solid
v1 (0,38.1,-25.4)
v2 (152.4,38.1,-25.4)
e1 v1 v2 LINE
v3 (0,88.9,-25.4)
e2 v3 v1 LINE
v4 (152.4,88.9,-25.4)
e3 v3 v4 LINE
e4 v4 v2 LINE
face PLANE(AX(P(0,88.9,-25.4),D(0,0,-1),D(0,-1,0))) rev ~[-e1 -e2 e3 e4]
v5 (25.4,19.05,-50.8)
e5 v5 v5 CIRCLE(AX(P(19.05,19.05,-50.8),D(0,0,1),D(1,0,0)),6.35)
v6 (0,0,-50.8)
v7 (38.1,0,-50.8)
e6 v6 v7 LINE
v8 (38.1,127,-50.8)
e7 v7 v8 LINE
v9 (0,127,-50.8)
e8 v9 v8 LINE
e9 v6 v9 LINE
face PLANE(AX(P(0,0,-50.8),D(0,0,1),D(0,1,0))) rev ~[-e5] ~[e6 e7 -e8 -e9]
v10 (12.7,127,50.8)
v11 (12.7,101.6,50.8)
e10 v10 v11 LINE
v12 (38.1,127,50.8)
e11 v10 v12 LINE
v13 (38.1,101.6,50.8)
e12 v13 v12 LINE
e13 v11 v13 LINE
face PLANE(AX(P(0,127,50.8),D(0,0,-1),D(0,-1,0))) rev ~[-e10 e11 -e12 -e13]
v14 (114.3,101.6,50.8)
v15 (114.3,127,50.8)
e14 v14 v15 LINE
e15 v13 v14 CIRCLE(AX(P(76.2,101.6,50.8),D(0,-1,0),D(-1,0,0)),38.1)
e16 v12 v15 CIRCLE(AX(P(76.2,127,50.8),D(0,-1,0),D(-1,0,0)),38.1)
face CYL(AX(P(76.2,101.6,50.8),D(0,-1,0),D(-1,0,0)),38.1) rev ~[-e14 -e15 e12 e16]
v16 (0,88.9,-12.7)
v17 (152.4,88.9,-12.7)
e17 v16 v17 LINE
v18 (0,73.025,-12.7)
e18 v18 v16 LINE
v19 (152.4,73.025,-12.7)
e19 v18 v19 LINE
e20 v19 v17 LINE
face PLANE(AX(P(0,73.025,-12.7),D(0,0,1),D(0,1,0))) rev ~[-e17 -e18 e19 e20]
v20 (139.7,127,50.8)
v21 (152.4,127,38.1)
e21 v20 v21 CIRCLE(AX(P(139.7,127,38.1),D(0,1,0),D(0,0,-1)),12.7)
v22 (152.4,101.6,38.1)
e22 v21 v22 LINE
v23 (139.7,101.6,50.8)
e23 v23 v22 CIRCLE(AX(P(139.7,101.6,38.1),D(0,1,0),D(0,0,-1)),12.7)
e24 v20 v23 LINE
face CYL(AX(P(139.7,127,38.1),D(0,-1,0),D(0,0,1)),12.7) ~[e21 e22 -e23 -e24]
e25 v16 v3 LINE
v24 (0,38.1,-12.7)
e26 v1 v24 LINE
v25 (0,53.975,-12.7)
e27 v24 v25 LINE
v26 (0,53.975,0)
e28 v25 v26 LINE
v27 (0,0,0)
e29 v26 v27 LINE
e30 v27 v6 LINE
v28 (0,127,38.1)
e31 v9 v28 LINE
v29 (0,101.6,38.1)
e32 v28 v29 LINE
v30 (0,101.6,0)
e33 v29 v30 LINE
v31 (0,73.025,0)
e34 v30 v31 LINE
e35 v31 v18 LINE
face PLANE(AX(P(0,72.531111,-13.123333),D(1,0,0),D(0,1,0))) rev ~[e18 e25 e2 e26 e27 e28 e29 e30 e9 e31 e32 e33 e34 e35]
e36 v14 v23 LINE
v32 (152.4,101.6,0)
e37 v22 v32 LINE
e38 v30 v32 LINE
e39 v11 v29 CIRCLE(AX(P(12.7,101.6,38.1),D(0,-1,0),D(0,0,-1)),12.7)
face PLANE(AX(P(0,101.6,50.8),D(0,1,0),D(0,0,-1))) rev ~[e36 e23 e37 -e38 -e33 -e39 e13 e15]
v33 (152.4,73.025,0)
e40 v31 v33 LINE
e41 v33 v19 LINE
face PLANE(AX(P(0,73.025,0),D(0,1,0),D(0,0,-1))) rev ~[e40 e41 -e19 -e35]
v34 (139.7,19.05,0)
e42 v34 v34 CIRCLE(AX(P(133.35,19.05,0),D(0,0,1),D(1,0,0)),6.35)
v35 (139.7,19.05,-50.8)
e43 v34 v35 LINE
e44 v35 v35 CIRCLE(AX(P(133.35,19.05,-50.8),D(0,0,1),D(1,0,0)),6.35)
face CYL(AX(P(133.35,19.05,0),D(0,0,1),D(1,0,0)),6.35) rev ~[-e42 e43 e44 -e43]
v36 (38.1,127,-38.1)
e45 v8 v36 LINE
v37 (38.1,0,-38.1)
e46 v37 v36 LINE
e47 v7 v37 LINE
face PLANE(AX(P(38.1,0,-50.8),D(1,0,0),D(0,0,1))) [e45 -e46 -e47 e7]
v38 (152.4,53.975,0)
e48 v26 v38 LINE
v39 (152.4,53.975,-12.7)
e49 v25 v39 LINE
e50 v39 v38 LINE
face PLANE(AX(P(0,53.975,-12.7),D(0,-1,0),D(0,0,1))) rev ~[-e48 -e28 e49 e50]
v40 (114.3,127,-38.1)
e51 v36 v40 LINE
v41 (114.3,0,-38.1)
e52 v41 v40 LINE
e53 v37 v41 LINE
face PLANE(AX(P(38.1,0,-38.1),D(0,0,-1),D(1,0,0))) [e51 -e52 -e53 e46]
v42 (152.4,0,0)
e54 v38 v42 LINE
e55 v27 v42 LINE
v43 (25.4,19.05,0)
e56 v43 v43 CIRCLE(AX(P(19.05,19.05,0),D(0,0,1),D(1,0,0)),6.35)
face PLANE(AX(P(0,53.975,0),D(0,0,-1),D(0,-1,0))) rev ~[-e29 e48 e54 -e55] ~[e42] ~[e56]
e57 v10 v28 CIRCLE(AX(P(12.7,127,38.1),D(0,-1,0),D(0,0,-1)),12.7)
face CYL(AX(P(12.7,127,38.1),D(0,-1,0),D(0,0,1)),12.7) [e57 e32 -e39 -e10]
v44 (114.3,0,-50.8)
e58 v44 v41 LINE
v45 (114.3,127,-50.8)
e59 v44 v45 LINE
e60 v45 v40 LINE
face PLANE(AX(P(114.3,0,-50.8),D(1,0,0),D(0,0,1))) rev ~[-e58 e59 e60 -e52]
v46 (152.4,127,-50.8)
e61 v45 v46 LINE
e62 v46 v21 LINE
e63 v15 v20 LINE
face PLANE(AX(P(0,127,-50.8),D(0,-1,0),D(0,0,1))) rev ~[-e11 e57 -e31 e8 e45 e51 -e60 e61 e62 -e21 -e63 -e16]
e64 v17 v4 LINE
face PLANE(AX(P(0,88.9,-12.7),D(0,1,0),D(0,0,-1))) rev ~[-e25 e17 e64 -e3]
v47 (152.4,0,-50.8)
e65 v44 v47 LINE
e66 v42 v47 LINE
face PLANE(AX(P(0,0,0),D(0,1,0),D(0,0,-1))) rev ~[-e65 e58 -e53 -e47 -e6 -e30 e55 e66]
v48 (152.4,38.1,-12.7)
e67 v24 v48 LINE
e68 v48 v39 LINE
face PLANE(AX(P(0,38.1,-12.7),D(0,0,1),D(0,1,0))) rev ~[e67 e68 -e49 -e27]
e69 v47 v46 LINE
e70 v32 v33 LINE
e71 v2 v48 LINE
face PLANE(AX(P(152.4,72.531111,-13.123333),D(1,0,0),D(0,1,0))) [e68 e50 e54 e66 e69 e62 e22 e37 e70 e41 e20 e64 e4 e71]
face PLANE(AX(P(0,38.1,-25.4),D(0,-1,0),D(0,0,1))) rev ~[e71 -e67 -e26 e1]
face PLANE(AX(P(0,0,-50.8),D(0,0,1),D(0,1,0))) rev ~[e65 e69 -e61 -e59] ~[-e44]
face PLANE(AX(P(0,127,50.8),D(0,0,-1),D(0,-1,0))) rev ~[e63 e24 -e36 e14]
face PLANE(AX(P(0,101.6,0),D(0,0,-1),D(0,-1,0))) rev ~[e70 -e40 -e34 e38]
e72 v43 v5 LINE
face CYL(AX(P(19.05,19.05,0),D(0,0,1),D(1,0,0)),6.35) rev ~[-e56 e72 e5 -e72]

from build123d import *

# Parameters (mm, degrees)
F1_DEPTH = 152.4
F2_R     = 12.7
F4_DEPTH = 25.4
F5_W     = 76.2
F5_H     = 12.7
F6_DEPTH = 127.001
F7_R     = 6.35
F8_DEPTH = 50.801


with BuildPart() as f1:
    # F0 (on Right) → F1 (new body)
    with BuildSketch(Plane.YZ):
        Polygon((53.975, 0), (0, 0), (0, -50.8), (127, -50.8), (127, 50.8), (101.6, 50.8), (101.6, 0), (73.025, 0), (73.025, -12.7), (88.9, -12.7), (88.9, -25.4), (38.1, -25.4), (38.1, -12.7), (53.975, -12.7), align=None)
    extrude(amount=F1_DEPTH)

    # F2
    f2_edges = [f1.edges().sort_by_distance(p)[0] for p in [
        (152.4, 114.3, 50.8),
        (0, 114.3, 50.8),
    ]]
    fillet(f2_edges, radius=F2_R)

    # F3 (on face) → F4 (cut)
    with BuildSketch(Plane.XZ.offset(-101.6)):
        with BuildLine():
            ThreePointArc((38.1, 50.8), (76.2, 12.7), (114.3, 50.8))
            Line((114.3, 50.8), (38.1, 50.8))
        make_face()
    extrude(amount=-F4_DEPTH, mode=Mode.SUBTRACT)

    # F5 (on face) → F6 (cut, through all)
    with BuildSketch(Plane.XZ):
        with Locations((76.2, -44.45)):
            Rectangle(F5_W, F5_H)
    extrude(amount=-F6_DEPTH, mode=Mode.SUBTRACT)

    # F7 (on face) → F8 (cut, through all)
    with BuildSketch(Plane.XY):
        with Locations((19.05, 19.05)):
            Circle(F7_R)
        with Locations((133.35, 19.05)):
            Circle(F7_R)
    extrude(amount=-F8_DEPTH, mode=Mode.SUBTRACT)


solid = f1.part
